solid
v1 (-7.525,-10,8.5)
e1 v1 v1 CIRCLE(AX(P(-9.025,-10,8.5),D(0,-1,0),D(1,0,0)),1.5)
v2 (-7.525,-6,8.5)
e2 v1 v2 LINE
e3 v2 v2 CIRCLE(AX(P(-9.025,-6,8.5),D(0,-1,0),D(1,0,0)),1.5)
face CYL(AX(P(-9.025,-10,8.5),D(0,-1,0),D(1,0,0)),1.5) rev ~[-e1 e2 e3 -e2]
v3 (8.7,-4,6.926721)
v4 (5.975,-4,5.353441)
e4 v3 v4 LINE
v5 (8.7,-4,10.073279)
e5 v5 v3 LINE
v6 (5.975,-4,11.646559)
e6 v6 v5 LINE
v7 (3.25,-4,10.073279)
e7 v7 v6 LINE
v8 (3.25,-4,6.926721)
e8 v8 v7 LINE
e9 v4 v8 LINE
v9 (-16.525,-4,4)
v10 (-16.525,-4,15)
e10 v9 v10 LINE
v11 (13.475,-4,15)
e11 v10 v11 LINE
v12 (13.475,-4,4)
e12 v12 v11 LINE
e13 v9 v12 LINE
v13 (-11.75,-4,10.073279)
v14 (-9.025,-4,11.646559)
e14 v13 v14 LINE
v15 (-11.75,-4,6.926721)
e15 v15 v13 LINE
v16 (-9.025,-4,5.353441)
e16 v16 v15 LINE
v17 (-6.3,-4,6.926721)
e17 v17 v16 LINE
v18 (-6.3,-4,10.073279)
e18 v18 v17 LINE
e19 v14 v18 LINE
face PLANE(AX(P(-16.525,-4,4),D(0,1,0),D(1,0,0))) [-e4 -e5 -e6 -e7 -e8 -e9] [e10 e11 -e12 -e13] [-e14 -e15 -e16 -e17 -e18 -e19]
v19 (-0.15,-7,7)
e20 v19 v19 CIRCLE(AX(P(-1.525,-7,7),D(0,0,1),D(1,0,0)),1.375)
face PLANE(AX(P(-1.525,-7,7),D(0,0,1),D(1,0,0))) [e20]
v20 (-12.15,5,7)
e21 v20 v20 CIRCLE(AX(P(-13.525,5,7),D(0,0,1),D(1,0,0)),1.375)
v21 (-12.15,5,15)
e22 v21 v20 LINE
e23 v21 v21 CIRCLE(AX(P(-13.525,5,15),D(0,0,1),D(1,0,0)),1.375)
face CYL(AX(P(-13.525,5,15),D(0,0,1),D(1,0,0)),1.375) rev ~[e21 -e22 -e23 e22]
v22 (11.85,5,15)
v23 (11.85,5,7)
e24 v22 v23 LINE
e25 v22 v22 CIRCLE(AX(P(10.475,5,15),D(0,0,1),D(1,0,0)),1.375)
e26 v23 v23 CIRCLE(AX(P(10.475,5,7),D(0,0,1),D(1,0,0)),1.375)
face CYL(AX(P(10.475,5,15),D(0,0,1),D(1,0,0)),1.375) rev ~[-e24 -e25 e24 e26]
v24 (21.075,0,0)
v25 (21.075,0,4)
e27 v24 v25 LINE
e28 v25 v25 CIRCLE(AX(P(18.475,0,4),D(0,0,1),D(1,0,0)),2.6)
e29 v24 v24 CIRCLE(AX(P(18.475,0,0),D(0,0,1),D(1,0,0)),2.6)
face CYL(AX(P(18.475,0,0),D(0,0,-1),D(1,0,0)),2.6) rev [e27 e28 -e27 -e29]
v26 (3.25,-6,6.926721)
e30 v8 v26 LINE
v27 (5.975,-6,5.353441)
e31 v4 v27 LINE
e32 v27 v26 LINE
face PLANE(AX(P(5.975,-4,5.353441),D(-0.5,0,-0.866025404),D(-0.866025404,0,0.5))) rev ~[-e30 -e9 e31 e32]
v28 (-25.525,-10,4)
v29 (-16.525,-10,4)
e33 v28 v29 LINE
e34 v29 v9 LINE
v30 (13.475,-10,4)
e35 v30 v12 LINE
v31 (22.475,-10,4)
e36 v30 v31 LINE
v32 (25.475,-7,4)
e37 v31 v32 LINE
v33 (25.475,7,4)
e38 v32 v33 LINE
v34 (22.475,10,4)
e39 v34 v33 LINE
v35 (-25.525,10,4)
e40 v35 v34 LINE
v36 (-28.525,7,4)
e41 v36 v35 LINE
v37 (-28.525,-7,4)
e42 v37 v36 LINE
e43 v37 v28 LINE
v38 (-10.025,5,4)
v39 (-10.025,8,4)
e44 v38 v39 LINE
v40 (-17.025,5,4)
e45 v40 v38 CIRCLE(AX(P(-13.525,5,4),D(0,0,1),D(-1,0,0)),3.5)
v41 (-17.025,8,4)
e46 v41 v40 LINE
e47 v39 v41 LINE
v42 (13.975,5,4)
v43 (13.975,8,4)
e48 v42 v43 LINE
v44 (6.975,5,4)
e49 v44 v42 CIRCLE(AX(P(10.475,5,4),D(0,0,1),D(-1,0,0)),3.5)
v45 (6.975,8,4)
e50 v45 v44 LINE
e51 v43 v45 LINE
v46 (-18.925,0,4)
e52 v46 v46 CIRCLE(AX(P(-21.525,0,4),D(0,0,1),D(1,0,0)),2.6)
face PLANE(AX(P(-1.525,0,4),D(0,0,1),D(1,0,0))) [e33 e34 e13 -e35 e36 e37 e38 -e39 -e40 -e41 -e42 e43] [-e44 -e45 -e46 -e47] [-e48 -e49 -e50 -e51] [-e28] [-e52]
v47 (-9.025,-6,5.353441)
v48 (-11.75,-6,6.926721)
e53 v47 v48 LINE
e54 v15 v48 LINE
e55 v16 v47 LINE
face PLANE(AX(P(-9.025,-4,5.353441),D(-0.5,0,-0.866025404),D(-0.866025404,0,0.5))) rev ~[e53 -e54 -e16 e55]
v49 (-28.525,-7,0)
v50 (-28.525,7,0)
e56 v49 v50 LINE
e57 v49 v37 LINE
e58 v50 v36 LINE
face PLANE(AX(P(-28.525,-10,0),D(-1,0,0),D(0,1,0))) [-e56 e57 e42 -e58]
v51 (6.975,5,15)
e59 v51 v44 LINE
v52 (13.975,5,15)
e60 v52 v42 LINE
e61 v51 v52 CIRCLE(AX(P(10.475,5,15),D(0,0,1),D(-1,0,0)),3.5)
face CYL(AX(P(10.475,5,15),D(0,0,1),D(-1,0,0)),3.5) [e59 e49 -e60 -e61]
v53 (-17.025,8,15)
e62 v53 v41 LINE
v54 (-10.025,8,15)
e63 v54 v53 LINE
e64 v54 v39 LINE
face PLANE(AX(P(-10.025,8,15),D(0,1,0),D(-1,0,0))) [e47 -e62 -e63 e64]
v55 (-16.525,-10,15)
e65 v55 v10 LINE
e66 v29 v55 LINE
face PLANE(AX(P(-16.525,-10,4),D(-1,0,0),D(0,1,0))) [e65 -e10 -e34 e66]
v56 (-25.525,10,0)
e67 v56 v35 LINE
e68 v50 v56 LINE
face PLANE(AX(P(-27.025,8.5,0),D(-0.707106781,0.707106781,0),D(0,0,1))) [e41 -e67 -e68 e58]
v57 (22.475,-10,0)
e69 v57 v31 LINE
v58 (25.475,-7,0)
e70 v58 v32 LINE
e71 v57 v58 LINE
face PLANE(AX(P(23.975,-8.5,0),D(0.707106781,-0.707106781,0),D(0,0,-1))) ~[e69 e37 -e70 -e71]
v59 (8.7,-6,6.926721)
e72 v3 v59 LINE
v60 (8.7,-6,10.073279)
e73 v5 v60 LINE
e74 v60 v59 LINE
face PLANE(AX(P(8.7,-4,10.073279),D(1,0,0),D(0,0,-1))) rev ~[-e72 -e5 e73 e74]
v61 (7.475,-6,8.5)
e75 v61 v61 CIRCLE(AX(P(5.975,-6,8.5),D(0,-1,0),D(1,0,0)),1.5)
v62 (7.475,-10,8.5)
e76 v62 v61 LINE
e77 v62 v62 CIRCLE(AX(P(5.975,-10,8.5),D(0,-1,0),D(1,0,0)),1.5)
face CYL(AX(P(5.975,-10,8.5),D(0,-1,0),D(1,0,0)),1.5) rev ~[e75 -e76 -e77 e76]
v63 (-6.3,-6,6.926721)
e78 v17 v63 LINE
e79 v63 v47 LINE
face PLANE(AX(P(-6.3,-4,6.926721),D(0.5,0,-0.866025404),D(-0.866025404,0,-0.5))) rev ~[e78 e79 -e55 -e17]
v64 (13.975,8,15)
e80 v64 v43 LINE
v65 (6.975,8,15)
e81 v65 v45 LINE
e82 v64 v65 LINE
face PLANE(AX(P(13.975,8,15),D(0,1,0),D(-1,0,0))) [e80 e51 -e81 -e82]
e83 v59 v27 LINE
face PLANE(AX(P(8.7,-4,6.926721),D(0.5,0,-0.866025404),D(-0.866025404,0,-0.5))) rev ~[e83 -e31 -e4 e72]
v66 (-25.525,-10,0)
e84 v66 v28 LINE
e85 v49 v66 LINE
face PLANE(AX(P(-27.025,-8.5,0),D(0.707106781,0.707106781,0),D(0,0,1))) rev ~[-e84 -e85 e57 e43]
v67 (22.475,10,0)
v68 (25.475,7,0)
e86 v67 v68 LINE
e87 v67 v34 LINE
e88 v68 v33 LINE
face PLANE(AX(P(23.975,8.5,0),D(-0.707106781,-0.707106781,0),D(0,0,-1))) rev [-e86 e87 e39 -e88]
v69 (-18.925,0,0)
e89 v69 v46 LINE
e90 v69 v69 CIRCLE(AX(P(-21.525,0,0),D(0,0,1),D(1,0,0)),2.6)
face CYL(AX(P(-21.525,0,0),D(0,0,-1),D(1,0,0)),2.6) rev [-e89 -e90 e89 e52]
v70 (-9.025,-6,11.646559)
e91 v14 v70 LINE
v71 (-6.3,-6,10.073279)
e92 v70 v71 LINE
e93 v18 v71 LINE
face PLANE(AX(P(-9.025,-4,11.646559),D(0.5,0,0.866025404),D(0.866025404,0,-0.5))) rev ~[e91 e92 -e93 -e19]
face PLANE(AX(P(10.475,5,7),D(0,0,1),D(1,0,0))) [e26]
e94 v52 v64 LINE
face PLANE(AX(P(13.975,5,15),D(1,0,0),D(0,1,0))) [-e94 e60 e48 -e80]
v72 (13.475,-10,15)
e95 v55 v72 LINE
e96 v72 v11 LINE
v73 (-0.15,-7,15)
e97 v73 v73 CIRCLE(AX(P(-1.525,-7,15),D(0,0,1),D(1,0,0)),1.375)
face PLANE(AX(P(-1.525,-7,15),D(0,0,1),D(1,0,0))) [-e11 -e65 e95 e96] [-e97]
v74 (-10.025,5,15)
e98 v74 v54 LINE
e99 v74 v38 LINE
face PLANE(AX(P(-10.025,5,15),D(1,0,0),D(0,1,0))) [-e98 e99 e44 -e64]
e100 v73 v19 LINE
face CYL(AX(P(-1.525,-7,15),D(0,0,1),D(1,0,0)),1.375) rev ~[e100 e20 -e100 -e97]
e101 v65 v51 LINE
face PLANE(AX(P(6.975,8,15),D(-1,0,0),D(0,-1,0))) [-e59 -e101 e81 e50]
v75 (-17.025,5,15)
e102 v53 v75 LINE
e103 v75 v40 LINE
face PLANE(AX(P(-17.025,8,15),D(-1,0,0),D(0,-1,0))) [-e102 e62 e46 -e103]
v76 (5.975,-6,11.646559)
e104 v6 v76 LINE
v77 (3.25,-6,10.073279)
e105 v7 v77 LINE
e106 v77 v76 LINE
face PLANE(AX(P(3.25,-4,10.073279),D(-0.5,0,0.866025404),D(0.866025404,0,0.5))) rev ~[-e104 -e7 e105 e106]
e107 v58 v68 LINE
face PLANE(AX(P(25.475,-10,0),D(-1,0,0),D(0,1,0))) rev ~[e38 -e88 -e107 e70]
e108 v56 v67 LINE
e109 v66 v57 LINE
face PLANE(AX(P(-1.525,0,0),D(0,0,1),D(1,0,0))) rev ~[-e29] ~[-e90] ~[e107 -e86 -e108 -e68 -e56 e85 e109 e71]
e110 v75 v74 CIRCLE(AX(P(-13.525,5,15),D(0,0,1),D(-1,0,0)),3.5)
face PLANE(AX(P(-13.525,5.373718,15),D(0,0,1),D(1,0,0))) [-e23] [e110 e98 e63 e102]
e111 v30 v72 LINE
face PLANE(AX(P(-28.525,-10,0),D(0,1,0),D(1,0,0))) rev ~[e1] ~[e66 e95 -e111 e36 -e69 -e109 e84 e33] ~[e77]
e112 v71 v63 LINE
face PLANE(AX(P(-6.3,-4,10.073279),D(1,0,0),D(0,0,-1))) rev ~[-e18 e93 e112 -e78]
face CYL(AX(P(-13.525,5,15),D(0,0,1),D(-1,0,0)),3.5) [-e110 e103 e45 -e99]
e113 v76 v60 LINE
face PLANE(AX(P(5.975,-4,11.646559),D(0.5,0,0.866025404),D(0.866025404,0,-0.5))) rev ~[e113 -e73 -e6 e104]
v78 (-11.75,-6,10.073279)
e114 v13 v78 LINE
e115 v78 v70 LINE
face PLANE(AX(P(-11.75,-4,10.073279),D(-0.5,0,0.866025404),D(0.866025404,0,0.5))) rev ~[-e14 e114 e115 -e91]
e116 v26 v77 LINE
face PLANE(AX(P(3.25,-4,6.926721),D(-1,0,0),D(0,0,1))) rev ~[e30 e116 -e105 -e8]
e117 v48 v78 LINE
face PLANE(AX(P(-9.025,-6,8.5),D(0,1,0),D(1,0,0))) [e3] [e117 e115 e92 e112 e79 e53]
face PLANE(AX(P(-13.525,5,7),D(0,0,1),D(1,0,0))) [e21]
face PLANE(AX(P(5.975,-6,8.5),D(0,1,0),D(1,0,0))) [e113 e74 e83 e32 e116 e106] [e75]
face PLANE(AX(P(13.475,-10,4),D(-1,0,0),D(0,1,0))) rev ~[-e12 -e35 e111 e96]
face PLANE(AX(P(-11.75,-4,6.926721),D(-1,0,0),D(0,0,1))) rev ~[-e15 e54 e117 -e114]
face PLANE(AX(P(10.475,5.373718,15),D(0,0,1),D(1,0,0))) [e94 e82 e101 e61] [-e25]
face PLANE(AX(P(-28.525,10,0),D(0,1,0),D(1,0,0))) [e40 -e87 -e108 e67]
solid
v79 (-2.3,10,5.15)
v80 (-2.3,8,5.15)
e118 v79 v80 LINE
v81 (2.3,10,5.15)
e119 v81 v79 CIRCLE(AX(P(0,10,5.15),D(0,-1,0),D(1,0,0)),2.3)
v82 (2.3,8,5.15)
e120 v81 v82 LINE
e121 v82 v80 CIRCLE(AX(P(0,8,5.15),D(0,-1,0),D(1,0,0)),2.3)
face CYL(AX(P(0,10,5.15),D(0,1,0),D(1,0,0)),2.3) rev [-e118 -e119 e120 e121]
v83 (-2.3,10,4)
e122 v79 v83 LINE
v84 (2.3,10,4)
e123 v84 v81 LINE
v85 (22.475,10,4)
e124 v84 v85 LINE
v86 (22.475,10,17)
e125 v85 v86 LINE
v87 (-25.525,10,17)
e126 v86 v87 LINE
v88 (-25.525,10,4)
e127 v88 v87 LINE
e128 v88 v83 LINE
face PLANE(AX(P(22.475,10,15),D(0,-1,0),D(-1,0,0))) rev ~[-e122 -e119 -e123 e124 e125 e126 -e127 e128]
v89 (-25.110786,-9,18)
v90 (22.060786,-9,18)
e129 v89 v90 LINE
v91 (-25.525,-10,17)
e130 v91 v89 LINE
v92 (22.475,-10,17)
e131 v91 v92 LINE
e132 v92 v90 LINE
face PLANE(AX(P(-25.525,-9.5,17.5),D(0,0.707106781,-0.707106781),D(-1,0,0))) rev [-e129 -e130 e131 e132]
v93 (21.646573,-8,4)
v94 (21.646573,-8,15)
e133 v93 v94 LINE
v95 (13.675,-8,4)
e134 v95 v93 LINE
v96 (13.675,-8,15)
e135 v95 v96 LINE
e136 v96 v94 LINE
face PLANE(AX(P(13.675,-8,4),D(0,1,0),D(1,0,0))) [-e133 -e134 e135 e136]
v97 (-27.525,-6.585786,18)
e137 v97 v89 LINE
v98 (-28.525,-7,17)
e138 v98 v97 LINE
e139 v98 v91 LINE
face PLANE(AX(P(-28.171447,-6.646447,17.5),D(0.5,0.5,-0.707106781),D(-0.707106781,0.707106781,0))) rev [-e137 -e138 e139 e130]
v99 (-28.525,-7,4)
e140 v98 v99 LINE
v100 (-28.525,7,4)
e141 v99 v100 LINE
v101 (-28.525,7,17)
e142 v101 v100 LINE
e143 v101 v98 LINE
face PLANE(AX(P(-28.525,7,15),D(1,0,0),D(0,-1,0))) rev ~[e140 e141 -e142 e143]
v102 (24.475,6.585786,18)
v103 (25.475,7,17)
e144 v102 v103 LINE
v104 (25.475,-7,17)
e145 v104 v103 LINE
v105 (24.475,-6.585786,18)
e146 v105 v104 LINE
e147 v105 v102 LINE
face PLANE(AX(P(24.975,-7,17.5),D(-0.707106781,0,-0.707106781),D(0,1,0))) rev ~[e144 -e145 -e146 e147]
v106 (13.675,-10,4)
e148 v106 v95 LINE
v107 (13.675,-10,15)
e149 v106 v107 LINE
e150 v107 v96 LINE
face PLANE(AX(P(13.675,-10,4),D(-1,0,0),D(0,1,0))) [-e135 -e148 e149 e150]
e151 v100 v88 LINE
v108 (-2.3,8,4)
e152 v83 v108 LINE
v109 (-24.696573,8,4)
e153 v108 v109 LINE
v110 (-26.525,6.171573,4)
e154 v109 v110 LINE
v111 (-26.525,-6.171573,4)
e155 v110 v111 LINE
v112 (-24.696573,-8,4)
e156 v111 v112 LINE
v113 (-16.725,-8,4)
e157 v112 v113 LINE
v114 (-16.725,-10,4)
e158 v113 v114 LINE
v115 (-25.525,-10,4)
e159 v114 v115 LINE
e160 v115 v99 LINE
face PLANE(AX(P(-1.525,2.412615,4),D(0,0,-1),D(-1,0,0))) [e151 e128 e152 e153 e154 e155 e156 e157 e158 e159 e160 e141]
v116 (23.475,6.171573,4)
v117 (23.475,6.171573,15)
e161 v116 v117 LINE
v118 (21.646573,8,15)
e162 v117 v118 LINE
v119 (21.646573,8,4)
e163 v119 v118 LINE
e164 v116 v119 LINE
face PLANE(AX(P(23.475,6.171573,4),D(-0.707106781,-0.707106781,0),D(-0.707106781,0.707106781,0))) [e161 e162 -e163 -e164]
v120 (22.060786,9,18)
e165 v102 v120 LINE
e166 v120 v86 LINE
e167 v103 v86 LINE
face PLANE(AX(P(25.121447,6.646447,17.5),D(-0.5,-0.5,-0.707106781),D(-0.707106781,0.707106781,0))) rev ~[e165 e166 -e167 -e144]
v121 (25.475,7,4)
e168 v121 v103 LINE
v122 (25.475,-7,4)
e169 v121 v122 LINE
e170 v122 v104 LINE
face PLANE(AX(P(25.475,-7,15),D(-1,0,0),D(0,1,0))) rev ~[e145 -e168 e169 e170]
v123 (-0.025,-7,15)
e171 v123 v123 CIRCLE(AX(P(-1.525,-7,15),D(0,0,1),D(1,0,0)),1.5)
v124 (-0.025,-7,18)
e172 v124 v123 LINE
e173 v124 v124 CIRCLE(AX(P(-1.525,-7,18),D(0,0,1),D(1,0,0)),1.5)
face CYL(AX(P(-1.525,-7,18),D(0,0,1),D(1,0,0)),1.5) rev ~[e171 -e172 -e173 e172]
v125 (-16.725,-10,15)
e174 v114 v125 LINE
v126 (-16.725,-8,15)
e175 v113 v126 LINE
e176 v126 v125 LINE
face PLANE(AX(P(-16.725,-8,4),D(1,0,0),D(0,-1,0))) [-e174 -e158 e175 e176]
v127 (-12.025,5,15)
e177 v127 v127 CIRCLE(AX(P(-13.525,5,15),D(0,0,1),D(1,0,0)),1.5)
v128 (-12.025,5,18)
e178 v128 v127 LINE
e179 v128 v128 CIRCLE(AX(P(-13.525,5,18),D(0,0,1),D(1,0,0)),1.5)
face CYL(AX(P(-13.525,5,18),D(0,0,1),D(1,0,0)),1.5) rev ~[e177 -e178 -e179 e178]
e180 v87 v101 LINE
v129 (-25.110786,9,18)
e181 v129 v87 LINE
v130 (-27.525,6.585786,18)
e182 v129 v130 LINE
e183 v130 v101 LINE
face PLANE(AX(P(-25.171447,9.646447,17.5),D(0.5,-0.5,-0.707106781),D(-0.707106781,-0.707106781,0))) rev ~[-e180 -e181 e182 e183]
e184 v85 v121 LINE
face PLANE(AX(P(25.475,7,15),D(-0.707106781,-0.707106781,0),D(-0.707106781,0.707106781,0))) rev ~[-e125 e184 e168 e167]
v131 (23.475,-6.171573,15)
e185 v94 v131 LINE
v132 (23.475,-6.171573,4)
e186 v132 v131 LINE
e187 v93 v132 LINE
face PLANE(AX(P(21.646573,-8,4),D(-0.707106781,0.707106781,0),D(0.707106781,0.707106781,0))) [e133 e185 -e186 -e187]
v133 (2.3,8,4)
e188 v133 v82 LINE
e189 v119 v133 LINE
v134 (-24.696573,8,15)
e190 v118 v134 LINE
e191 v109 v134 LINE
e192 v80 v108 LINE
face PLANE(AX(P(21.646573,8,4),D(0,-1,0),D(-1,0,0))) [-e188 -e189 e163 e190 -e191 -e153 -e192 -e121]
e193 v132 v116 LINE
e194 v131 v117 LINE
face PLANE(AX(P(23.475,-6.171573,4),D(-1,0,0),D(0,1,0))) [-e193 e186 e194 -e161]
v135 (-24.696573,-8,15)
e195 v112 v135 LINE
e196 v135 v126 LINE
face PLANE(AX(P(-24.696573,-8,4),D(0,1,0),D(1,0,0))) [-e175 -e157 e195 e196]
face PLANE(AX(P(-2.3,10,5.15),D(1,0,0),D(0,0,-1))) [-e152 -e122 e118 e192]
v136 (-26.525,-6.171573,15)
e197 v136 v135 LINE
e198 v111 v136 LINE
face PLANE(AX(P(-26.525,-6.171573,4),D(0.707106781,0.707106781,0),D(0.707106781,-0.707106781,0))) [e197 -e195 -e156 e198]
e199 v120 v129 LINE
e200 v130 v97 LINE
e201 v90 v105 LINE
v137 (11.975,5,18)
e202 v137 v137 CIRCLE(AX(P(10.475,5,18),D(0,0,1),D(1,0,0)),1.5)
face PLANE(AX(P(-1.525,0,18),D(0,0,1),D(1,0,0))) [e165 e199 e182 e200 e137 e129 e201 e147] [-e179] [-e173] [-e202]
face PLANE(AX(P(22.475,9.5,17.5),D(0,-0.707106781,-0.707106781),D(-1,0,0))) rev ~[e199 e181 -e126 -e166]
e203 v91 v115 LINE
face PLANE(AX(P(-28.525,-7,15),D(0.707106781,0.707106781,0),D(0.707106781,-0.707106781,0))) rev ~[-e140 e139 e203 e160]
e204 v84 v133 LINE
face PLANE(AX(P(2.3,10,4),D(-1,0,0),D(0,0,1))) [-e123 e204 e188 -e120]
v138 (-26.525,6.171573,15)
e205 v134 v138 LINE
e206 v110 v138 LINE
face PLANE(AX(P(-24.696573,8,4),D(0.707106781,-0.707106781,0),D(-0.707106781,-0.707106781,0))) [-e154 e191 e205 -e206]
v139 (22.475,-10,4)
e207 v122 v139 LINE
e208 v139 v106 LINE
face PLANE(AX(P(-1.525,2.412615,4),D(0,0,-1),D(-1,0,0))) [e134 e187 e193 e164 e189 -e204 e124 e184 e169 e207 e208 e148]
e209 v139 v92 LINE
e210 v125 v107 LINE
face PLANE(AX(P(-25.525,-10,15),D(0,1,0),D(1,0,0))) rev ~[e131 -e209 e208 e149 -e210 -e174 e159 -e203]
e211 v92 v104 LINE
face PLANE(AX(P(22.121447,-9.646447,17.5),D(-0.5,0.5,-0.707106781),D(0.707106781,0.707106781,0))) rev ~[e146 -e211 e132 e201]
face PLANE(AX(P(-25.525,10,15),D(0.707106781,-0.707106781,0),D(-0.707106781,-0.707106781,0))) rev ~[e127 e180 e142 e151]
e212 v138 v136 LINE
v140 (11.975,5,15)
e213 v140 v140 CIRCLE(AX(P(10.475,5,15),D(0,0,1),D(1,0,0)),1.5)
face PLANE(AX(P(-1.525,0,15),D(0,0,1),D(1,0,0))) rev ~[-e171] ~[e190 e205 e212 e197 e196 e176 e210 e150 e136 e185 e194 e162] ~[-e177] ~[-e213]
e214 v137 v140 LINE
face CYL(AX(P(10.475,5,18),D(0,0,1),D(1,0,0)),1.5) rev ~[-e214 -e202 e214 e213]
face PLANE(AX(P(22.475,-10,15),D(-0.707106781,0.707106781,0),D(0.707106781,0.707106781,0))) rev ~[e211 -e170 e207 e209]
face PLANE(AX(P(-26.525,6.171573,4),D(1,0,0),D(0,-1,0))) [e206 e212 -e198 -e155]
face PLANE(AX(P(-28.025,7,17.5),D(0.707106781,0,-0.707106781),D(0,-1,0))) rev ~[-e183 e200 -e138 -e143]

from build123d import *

# Parameters (mm, degrees)
SKETCH3_W           = 54
SKETCH3_H           = 20
SKETCH3_R           = 2.6
BOSS_EXTRUDE1_DEPTH = 4
SKETCH4_W           = 30
SKETCH4_H           = 6
BOSS_EXTRUDE2_DEPTH = 11
SKETCH5_R           = 1.5
CUT_EXTRUDE1_DEPTH  = 6
CUT_EXTRUDE2_DEPTH  = 2
CHAMFER1_SIZE       = 3
BOSS_EXTRUDE3_DEPTH = 11
BOSS_EXTRUDE4_DEPTH = 3
SKETCH11_R          = 1.5
CUT_EXTRUDE3_DEPTH  = 3
BOSS_EXTRUDE5_DEPTH = 11
SKETCH13_R          = 1.375
CUT_EXTRUDE4_DEPTH  = 8
CHAMFER2_SIZE       = 1
CUT_EXTRUDE5_DEPTH  = 2


with BuildPart() as part:
    # Sketch3 → Boss-Extrude1 (new body)
    with BuildSketch(Plane.XY):
        with Locations((-1.525, 0)):
            Rectangle(SKETCH3_W, SKETCH3_H)
        with Locations((-21.525, 0)):
            Circle(SKETCH3_R, mode=Mode.SUBTRACT)
        with Locations((18.475, 0)):
            Circle(SKETCH3_R, mode=Mode.SUBTRACT)
    extrude(amount=BOSS_EXTRUDE1_DEPTH)

    # Sketch4 → Boss-Extrude2 (add)
    with BuildSketch(Plane.XY.offset(4)):
        with Locations((-1.525, -7)):
            Rectangle(SKETCH4_W, SKETCH4_H)
    extrude(amount=BOSS_EXTRUDE2_DEPTH)

    # Sketch5 → Cut-Extrude1 (cut)
    with BuildSketch(Plane.XZ.offset(10)):
        with Locations((-9.025, 8.5)):
            Circle(SKETCH5_R)
        with Locations((5.975, 8.5)):
            Circle(SKETCH5_R)
    extrude(amount=-CUT_EXTRUDE1_DEPTH, mode=Mode.SUBTRACT)

    # Sketch6 → Cut-Extrude2 (cut)
    with BuildSketch(Plane(origin=(0, -4, 0), x_dir=(1, 0, 0), z_dir=(0, 1, 0))):
        Polygon((-9.025, -5.353441033), (-11.75, -6.926720516), (-11.75, -10.073279484), (-9.025, -11.646558967), (-6.3, -10.073279484), (-6.3, -6.926720516), align=None)
        Polygon((5.975, -5.353441033), (3.25, -6.926720516), (3.25, -10.073279484), (5.975, -11.646558967), (8.7, -10.073279484), (8.7, -6.926720516), align=None)
    extrude(amount=-CUT_EXTRUDE2_DEPTH, mode=Mode.SUBTRACT)

    # Chamfer1
    chamfer1_edges = [part.edges().sort_by_distance(p)[0] for p in [
        (-28.525, 10, 2),
        (25.475, 10, 2),
        (25.475, -10, 2),
        (-28.525, -10, 2),
    ]]
    chamfer(chamfer1_edges, length=CHAMFER1_SIZE)

    # Sketch12 → Boss-Extrude5 (add)
    with BuildSketch(Plane(origin=(0, 0, 15), x_dir=(-1, 0, 0), z_dir=(0, 0, -1))):
        with BuildLine():
            Line((10.025, 5), (10.025, 8))
            Line((10.025, 8), (17.025, 8))
            Line((17.025, 8), (17.025, 5))
            ThreePointArc((17.025, 5), (13.525, 1.5), (10.025, 5))
        make_face()
        with BuildLine():
            Line((-13.975, 5), (-13.975, 8))
            Line((-13.975, 8), (-6.975, 8))
            Line((-6.975, 8), (-6.975, 5))
            ThreePointArc((-6.975, 5), (-10.475, 1.5), (-13.975, 5))
        make_face()
    extrude(amount=BOSS_EXTRUDE5_DEPTH)

    # Sketch13 → Cut-Extrude4 (cut)
    with BuildSketch(Plane.XY.offset(15)):
        with Locations((-13.525, 5)):
            Circle(SKETCH13_R)
        with Locations((10.475, 5)):
            Circle(SKETCH13_R)
        with Locations((-1.525, -7)):
            Circle(SKETCH13_R)
    extrude(amount=-CUT_EXTRUDE4_DEPTH, mode=Mode.SUBTRACT)


with BuildPart() as body_2:
    # Sketch9 → Boss-Extrude3 (new body)
    with BuildSketch(Plane.XY.offset(4)):
        Polygon((22.475, -10), (13.675, -10), (13.675, -8), (21.646572875, -8), (23.475, -6.171572875), (23.475, 6.171572875), (21.646572875, 8), (-24.696572875, 8), (-26.525, 6.171572875), (-26.525, -6.171572875), (-24.696572875, -8), (-16.725, -8), (-16.725, -10), (-25.525, -10), (-28.525, -7), (-28.525, 7), (-25.525, 10), (22.475, 10), (25.475, 7), (25.475, -7), align=None)
    extrude(amount=BOSS_EXTRUDE3_DEPTH)

    # Sketch10 → Boss-Extrude4 (add)
    with BuildSketch(Plane.XY.offset(15)):
        Polygon((-25.525, -10), (22.475, -10), (25.475, -7), (25.475, 7), (22.475, 10), (-25.525, 10), (-28.525, 7), (-28.525, -7), align=None)
    extrude(amount=BOSS_EXTRUDE4_DEPTH)

    # Sketch11 → Cut-Extrude3 (cut)
    with BuildSketch(Plane.XY.offset(18)):
        with Locations((-1.525, -7)):
            Circle(SKETCH11_R)
        with Locations((-13.525, 5)):
            Circle(SKETCH11_R)
        with Locations((10.475, 5)):
            Circle(SKETCH11_R)
    extrude(amount=-CUT_EXTRUDE3_DEPTH, mode=Mode.SUBTRACT)

    # Chamfer2
    chamfer2_edges = [body_2.edges().sort_by_distance(p)[0] for p in [
        (-27.025, -8.5, 18),
        (-1.525, -10, 18),
        (23.975, -8.5, 18),
        (25.475, 0, 18),
        (23.975, 8.5, 18),
        (-1.525, 10, 18),
        (-27.025, 8.5, 18),
        (-28.525, 0, 18),
    ]]
    chamfer(chamfer2_edges, length=CHAMFER2_SIZE)

    # Sketch14 → Cut-Extrude5 (cut)
    with BuildSketch(Plane(origin=(0, 10, 0), x_dir=(1, 0, 0), z_dir=(0, 1, 0))):
        with BuildLine():
            Line((-2.3, -5.15), (-2.3, -4))
            Line((-2.3, -4), (2.3, -4))
            Line((2.3, -4), (2.3, -5.15))
            ThreePointArc((2.3, -5.15), (0, -7.45), (-2.3, -5.15))
        make_face()
    extrude(amount=-CUT_EXTRUDE5_DEPTH, mode=Mode.SUBTRACT)


solid = Compound([part.part, body_2.part])
